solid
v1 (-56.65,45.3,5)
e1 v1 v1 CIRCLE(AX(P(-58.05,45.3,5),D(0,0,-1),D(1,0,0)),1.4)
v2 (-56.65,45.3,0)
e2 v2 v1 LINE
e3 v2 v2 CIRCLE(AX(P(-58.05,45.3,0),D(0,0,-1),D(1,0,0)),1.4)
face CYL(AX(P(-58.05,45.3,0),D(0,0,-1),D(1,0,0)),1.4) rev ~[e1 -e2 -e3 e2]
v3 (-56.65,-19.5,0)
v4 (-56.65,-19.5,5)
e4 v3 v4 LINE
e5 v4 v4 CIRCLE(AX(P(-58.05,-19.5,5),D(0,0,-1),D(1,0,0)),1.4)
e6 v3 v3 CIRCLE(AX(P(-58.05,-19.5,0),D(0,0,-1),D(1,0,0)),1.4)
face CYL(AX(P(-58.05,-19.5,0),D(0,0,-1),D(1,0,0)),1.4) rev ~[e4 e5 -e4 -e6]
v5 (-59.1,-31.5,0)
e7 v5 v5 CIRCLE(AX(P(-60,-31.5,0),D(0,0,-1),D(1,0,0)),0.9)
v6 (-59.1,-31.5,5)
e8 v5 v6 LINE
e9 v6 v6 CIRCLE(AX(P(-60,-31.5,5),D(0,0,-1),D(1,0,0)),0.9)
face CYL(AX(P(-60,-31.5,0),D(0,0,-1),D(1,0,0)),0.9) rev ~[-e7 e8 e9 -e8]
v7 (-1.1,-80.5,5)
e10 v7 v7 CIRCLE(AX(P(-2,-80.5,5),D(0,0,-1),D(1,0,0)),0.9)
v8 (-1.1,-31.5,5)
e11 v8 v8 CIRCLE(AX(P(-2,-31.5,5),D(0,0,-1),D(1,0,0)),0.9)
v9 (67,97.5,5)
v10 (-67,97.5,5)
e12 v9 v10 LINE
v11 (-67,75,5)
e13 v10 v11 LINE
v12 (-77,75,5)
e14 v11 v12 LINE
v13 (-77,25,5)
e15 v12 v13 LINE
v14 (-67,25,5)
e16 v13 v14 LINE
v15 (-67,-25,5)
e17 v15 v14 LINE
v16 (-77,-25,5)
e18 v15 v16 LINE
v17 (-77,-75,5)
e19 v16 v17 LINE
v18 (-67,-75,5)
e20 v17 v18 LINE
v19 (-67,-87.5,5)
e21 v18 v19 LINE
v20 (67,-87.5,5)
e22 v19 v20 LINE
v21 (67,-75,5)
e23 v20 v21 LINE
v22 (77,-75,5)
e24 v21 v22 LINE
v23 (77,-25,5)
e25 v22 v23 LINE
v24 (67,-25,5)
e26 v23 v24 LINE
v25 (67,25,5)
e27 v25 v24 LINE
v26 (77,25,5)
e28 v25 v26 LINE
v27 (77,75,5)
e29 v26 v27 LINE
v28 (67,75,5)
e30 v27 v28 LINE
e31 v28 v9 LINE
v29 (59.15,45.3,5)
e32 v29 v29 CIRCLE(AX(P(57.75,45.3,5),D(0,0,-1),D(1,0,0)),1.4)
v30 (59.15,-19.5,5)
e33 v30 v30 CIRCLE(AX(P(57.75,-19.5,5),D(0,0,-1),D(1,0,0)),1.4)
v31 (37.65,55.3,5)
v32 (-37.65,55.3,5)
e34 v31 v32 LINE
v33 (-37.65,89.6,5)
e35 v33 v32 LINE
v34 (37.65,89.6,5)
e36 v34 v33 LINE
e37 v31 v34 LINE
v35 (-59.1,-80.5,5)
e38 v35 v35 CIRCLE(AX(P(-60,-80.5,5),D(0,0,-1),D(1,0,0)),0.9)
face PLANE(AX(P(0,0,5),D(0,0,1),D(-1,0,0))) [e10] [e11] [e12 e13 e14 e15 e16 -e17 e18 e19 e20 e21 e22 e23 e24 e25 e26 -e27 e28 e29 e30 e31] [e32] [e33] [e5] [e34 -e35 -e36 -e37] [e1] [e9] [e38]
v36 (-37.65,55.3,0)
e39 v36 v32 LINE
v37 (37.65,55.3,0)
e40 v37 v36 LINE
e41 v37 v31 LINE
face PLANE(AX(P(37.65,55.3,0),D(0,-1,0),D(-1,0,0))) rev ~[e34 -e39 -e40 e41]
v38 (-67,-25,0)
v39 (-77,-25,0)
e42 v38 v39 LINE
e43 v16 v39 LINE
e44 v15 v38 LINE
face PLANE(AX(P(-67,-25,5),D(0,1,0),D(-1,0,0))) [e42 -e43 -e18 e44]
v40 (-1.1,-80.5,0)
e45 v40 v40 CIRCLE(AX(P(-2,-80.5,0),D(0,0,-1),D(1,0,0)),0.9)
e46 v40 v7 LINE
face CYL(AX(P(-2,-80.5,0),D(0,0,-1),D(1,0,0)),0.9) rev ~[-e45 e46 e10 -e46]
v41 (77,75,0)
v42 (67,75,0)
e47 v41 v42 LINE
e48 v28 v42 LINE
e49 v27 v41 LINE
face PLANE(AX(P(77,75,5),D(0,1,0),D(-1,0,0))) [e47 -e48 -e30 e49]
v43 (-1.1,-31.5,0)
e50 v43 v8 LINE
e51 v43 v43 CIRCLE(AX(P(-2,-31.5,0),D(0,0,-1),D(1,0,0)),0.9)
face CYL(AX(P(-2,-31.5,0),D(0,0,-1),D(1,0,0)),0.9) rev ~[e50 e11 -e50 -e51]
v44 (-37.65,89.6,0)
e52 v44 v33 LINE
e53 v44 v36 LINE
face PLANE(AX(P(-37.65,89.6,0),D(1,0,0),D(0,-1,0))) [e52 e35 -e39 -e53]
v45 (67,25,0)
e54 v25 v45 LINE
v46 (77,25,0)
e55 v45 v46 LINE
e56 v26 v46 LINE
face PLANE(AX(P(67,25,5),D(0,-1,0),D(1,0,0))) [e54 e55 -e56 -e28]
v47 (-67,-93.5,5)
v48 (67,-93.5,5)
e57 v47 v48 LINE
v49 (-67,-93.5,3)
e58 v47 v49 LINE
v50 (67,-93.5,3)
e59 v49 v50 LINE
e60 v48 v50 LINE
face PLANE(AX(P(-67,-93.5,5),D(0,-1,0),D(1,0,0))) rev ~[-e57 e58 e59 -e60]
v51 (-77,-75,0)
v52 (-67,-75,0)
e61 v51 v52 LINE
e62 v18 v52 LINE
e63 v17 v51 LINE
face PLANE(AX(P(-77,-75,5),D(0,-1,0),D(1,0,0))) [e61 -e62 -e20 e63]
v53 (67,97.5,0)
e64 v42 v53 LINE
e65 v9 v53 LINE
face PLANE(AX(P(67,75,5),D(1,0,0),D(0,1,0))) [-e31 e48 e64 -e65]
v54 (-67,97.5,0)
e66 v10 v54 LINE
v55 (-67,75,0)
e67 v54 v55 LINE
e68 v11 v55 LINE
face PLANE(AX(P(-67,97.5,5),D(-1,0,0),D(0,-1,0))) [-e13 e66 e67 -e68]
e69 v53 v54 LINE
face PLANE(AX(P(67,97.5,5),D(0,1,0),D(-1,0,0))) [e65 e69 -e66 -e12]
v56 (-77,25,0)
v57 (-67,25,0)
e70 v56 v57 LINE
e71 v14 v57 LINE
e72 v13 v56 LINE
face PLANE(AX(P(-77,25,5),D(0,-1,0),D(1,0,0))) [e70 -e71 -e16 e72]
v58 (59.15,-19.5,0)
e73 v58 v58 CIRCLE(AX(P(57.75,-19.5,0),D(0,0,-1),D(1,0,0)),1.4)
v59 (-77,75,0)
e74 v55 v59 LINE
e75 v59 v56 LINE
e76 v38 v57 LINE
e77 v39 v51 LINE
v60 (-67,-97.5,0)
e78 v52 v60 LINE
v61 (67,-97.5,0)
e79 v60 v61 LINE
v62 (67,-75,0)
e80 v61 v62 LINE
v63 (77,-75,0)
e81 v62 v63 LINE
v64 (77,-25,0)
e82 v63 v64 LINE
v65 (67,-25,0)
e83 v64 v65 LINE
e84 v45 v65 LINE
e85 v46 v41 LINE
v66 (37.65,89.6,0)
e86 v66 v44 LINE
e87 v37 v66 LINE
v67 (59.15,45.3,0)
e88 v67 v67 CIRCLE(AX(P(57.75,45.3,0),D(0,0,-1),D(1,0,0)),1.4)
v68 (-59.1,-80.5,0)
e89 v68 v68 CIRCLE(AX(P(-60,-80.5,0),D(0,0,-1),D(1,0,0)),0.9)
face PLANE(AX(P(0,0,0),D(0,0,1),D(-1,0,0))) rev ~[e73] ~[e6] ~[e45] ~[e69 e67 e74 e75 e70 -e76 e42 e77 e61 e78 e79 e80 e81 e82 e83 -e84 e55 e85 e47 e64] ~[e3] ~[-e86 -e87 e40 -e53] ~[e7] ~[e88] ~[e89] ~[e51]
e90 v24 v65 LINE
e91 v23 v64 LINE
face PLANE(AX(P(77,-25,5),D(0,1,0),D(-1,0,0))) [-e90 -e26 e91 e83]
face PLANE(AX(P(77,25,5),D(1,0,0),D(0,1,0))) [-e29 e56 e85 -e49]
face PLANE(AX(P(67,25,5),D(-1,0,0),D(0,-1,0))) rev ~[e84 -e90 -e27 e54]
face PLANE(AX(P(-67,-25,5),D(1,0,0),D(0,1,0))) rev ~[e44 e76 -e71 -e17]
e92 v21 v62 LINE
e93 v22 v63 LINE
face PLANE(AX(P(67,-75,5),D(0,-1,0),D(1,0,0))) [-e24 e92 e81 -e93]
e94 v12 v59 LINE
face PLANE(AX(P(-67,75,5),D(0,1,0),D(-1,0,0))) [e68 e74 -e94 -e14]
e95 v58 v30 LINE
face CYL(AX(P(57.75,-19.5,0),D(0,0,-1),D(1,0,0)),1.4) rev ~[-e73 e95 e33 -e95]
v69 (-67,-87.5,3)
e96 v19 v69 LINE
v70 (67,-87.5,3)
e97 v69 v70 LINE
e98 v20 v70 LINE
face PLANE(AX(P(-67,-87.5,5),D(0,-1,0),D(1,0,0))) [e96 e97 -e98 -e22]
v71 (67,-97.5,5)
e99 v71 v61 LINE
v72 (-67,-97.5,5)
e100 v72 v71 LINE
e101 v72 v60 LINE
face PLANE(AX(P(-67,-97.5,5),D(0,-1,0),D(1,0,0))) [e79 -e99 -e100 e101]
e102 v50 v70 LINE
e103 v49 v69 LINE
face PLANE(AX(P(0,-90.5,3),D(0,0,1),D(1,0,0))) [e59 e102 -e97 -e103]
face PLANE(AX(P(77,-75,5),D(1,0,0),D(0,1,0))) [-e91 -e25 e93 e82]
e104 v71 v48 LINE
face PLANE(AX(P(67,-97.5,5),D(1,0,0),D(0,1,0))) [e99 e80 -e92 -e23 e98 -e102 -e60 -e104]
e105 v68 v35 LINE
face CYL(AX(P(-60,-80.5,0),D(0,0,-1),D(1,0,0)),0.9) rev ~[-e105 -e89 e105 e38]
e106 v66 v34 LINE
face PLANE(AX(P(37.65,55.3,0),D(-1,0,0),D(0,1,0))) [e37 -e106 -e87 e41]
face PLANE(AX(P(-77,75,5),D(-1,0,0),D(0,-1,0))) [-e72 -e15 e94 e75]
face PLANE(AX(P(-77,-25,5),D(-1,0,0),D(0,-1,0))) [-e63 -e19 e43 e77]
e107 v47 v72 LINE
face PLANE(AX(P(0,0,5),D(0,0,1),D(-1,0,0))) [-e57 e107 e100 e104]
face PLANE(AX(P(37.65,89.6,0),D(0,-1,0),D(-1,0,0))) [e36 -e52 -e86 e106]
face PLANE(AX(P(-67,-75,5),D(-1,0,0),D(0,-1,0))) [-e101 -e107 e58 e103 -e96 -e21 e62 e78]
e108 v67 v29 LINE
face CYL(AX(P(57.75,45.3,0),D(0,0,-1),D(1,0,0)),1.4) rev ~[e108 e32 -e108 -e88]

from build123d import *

# Parameters (mm, degrees)
PAD002_DEPTH    = 5
SKETCH002_R     = 0.9
SKETCH002_R_2   = 1.4
POCKET002_DEPTH = 5
SKETCH009_W     = 134
SKETCH009_H     = 6
POCKET009_DEPTH = 2


with BuildPart() as part:
    # Sketch004 → Pad002 (new body)
    with BuildSketch(Plane(origin=(0, 0, 5), x_dir=(1, 0, 0), z_dir=(0, 0, -1))):
        Polygon((-67, 97.5), (67, 97.5), (67, 75), (77, 75), (77, 25), (67, 25), (67, 0), (67, -25), (77, -25), (77, -75), (67, -75), (67, -97.5), (-67, -97.5), (-67, -75), (-77, -75), (-77, -25), (-67, -25), (-67, 0), (-67, 25), (-77, 25), (-77, 75), (-67, 75), align=None)
    extrude(amount=PAD002_DEPTH)

    # Sketch002 (on Face4 of Pad001) → Pocket002 (cut)
    with BuildSketch(Plane(origin=(0, 0, 0), x_dir=(1, 0, 0), z_dir=(0, 0, -1))):
        with Locations((-2, 80.5)):
            Circle(SKETCH002_R)
        with Locations((-60, 80.5)):
            Circle(SKETCH002_R)
        with Locations((-60, 31.5)):
            Circle(SKETCH002_R)
        with Locations((-2, 31.5)):
            Circle(SKETCH002_R)
        with Locations((-58.05, 19.5)):
            Circle(SKETCH002_R_2)
        with Locations((57.75, 19.5)):
            Circle(SKETCH002_R_2)
        with Locations((-58.05, -45.3)):
            Circle(SKETCH002_R_2)
        with Locations((57.75, -45.3)):
            Circle(SKETCH002_R_2)
        Polygon((37.65, -55.3), (37.65, -89.6), (-37.65, -89.6), (-37.65, -55.3), (0, -55.3), align=None)
    extrude(amount=-POCKET002_DEPTH, mode=Mode.SUBTRACT)

    # Sketch009 (on Face4 of Pocket002) → Pocket009 (cut)
    with BuildSketch(Plane.XY.offset(5)):
        with Locations((0, -90.5)):
            Rectangle(SKETCH009_W, SKETCH009_H)
    extrude(amount=-POCKET009_DEPTH, mode=Mode.SUBTRACT)


solid = part.part
